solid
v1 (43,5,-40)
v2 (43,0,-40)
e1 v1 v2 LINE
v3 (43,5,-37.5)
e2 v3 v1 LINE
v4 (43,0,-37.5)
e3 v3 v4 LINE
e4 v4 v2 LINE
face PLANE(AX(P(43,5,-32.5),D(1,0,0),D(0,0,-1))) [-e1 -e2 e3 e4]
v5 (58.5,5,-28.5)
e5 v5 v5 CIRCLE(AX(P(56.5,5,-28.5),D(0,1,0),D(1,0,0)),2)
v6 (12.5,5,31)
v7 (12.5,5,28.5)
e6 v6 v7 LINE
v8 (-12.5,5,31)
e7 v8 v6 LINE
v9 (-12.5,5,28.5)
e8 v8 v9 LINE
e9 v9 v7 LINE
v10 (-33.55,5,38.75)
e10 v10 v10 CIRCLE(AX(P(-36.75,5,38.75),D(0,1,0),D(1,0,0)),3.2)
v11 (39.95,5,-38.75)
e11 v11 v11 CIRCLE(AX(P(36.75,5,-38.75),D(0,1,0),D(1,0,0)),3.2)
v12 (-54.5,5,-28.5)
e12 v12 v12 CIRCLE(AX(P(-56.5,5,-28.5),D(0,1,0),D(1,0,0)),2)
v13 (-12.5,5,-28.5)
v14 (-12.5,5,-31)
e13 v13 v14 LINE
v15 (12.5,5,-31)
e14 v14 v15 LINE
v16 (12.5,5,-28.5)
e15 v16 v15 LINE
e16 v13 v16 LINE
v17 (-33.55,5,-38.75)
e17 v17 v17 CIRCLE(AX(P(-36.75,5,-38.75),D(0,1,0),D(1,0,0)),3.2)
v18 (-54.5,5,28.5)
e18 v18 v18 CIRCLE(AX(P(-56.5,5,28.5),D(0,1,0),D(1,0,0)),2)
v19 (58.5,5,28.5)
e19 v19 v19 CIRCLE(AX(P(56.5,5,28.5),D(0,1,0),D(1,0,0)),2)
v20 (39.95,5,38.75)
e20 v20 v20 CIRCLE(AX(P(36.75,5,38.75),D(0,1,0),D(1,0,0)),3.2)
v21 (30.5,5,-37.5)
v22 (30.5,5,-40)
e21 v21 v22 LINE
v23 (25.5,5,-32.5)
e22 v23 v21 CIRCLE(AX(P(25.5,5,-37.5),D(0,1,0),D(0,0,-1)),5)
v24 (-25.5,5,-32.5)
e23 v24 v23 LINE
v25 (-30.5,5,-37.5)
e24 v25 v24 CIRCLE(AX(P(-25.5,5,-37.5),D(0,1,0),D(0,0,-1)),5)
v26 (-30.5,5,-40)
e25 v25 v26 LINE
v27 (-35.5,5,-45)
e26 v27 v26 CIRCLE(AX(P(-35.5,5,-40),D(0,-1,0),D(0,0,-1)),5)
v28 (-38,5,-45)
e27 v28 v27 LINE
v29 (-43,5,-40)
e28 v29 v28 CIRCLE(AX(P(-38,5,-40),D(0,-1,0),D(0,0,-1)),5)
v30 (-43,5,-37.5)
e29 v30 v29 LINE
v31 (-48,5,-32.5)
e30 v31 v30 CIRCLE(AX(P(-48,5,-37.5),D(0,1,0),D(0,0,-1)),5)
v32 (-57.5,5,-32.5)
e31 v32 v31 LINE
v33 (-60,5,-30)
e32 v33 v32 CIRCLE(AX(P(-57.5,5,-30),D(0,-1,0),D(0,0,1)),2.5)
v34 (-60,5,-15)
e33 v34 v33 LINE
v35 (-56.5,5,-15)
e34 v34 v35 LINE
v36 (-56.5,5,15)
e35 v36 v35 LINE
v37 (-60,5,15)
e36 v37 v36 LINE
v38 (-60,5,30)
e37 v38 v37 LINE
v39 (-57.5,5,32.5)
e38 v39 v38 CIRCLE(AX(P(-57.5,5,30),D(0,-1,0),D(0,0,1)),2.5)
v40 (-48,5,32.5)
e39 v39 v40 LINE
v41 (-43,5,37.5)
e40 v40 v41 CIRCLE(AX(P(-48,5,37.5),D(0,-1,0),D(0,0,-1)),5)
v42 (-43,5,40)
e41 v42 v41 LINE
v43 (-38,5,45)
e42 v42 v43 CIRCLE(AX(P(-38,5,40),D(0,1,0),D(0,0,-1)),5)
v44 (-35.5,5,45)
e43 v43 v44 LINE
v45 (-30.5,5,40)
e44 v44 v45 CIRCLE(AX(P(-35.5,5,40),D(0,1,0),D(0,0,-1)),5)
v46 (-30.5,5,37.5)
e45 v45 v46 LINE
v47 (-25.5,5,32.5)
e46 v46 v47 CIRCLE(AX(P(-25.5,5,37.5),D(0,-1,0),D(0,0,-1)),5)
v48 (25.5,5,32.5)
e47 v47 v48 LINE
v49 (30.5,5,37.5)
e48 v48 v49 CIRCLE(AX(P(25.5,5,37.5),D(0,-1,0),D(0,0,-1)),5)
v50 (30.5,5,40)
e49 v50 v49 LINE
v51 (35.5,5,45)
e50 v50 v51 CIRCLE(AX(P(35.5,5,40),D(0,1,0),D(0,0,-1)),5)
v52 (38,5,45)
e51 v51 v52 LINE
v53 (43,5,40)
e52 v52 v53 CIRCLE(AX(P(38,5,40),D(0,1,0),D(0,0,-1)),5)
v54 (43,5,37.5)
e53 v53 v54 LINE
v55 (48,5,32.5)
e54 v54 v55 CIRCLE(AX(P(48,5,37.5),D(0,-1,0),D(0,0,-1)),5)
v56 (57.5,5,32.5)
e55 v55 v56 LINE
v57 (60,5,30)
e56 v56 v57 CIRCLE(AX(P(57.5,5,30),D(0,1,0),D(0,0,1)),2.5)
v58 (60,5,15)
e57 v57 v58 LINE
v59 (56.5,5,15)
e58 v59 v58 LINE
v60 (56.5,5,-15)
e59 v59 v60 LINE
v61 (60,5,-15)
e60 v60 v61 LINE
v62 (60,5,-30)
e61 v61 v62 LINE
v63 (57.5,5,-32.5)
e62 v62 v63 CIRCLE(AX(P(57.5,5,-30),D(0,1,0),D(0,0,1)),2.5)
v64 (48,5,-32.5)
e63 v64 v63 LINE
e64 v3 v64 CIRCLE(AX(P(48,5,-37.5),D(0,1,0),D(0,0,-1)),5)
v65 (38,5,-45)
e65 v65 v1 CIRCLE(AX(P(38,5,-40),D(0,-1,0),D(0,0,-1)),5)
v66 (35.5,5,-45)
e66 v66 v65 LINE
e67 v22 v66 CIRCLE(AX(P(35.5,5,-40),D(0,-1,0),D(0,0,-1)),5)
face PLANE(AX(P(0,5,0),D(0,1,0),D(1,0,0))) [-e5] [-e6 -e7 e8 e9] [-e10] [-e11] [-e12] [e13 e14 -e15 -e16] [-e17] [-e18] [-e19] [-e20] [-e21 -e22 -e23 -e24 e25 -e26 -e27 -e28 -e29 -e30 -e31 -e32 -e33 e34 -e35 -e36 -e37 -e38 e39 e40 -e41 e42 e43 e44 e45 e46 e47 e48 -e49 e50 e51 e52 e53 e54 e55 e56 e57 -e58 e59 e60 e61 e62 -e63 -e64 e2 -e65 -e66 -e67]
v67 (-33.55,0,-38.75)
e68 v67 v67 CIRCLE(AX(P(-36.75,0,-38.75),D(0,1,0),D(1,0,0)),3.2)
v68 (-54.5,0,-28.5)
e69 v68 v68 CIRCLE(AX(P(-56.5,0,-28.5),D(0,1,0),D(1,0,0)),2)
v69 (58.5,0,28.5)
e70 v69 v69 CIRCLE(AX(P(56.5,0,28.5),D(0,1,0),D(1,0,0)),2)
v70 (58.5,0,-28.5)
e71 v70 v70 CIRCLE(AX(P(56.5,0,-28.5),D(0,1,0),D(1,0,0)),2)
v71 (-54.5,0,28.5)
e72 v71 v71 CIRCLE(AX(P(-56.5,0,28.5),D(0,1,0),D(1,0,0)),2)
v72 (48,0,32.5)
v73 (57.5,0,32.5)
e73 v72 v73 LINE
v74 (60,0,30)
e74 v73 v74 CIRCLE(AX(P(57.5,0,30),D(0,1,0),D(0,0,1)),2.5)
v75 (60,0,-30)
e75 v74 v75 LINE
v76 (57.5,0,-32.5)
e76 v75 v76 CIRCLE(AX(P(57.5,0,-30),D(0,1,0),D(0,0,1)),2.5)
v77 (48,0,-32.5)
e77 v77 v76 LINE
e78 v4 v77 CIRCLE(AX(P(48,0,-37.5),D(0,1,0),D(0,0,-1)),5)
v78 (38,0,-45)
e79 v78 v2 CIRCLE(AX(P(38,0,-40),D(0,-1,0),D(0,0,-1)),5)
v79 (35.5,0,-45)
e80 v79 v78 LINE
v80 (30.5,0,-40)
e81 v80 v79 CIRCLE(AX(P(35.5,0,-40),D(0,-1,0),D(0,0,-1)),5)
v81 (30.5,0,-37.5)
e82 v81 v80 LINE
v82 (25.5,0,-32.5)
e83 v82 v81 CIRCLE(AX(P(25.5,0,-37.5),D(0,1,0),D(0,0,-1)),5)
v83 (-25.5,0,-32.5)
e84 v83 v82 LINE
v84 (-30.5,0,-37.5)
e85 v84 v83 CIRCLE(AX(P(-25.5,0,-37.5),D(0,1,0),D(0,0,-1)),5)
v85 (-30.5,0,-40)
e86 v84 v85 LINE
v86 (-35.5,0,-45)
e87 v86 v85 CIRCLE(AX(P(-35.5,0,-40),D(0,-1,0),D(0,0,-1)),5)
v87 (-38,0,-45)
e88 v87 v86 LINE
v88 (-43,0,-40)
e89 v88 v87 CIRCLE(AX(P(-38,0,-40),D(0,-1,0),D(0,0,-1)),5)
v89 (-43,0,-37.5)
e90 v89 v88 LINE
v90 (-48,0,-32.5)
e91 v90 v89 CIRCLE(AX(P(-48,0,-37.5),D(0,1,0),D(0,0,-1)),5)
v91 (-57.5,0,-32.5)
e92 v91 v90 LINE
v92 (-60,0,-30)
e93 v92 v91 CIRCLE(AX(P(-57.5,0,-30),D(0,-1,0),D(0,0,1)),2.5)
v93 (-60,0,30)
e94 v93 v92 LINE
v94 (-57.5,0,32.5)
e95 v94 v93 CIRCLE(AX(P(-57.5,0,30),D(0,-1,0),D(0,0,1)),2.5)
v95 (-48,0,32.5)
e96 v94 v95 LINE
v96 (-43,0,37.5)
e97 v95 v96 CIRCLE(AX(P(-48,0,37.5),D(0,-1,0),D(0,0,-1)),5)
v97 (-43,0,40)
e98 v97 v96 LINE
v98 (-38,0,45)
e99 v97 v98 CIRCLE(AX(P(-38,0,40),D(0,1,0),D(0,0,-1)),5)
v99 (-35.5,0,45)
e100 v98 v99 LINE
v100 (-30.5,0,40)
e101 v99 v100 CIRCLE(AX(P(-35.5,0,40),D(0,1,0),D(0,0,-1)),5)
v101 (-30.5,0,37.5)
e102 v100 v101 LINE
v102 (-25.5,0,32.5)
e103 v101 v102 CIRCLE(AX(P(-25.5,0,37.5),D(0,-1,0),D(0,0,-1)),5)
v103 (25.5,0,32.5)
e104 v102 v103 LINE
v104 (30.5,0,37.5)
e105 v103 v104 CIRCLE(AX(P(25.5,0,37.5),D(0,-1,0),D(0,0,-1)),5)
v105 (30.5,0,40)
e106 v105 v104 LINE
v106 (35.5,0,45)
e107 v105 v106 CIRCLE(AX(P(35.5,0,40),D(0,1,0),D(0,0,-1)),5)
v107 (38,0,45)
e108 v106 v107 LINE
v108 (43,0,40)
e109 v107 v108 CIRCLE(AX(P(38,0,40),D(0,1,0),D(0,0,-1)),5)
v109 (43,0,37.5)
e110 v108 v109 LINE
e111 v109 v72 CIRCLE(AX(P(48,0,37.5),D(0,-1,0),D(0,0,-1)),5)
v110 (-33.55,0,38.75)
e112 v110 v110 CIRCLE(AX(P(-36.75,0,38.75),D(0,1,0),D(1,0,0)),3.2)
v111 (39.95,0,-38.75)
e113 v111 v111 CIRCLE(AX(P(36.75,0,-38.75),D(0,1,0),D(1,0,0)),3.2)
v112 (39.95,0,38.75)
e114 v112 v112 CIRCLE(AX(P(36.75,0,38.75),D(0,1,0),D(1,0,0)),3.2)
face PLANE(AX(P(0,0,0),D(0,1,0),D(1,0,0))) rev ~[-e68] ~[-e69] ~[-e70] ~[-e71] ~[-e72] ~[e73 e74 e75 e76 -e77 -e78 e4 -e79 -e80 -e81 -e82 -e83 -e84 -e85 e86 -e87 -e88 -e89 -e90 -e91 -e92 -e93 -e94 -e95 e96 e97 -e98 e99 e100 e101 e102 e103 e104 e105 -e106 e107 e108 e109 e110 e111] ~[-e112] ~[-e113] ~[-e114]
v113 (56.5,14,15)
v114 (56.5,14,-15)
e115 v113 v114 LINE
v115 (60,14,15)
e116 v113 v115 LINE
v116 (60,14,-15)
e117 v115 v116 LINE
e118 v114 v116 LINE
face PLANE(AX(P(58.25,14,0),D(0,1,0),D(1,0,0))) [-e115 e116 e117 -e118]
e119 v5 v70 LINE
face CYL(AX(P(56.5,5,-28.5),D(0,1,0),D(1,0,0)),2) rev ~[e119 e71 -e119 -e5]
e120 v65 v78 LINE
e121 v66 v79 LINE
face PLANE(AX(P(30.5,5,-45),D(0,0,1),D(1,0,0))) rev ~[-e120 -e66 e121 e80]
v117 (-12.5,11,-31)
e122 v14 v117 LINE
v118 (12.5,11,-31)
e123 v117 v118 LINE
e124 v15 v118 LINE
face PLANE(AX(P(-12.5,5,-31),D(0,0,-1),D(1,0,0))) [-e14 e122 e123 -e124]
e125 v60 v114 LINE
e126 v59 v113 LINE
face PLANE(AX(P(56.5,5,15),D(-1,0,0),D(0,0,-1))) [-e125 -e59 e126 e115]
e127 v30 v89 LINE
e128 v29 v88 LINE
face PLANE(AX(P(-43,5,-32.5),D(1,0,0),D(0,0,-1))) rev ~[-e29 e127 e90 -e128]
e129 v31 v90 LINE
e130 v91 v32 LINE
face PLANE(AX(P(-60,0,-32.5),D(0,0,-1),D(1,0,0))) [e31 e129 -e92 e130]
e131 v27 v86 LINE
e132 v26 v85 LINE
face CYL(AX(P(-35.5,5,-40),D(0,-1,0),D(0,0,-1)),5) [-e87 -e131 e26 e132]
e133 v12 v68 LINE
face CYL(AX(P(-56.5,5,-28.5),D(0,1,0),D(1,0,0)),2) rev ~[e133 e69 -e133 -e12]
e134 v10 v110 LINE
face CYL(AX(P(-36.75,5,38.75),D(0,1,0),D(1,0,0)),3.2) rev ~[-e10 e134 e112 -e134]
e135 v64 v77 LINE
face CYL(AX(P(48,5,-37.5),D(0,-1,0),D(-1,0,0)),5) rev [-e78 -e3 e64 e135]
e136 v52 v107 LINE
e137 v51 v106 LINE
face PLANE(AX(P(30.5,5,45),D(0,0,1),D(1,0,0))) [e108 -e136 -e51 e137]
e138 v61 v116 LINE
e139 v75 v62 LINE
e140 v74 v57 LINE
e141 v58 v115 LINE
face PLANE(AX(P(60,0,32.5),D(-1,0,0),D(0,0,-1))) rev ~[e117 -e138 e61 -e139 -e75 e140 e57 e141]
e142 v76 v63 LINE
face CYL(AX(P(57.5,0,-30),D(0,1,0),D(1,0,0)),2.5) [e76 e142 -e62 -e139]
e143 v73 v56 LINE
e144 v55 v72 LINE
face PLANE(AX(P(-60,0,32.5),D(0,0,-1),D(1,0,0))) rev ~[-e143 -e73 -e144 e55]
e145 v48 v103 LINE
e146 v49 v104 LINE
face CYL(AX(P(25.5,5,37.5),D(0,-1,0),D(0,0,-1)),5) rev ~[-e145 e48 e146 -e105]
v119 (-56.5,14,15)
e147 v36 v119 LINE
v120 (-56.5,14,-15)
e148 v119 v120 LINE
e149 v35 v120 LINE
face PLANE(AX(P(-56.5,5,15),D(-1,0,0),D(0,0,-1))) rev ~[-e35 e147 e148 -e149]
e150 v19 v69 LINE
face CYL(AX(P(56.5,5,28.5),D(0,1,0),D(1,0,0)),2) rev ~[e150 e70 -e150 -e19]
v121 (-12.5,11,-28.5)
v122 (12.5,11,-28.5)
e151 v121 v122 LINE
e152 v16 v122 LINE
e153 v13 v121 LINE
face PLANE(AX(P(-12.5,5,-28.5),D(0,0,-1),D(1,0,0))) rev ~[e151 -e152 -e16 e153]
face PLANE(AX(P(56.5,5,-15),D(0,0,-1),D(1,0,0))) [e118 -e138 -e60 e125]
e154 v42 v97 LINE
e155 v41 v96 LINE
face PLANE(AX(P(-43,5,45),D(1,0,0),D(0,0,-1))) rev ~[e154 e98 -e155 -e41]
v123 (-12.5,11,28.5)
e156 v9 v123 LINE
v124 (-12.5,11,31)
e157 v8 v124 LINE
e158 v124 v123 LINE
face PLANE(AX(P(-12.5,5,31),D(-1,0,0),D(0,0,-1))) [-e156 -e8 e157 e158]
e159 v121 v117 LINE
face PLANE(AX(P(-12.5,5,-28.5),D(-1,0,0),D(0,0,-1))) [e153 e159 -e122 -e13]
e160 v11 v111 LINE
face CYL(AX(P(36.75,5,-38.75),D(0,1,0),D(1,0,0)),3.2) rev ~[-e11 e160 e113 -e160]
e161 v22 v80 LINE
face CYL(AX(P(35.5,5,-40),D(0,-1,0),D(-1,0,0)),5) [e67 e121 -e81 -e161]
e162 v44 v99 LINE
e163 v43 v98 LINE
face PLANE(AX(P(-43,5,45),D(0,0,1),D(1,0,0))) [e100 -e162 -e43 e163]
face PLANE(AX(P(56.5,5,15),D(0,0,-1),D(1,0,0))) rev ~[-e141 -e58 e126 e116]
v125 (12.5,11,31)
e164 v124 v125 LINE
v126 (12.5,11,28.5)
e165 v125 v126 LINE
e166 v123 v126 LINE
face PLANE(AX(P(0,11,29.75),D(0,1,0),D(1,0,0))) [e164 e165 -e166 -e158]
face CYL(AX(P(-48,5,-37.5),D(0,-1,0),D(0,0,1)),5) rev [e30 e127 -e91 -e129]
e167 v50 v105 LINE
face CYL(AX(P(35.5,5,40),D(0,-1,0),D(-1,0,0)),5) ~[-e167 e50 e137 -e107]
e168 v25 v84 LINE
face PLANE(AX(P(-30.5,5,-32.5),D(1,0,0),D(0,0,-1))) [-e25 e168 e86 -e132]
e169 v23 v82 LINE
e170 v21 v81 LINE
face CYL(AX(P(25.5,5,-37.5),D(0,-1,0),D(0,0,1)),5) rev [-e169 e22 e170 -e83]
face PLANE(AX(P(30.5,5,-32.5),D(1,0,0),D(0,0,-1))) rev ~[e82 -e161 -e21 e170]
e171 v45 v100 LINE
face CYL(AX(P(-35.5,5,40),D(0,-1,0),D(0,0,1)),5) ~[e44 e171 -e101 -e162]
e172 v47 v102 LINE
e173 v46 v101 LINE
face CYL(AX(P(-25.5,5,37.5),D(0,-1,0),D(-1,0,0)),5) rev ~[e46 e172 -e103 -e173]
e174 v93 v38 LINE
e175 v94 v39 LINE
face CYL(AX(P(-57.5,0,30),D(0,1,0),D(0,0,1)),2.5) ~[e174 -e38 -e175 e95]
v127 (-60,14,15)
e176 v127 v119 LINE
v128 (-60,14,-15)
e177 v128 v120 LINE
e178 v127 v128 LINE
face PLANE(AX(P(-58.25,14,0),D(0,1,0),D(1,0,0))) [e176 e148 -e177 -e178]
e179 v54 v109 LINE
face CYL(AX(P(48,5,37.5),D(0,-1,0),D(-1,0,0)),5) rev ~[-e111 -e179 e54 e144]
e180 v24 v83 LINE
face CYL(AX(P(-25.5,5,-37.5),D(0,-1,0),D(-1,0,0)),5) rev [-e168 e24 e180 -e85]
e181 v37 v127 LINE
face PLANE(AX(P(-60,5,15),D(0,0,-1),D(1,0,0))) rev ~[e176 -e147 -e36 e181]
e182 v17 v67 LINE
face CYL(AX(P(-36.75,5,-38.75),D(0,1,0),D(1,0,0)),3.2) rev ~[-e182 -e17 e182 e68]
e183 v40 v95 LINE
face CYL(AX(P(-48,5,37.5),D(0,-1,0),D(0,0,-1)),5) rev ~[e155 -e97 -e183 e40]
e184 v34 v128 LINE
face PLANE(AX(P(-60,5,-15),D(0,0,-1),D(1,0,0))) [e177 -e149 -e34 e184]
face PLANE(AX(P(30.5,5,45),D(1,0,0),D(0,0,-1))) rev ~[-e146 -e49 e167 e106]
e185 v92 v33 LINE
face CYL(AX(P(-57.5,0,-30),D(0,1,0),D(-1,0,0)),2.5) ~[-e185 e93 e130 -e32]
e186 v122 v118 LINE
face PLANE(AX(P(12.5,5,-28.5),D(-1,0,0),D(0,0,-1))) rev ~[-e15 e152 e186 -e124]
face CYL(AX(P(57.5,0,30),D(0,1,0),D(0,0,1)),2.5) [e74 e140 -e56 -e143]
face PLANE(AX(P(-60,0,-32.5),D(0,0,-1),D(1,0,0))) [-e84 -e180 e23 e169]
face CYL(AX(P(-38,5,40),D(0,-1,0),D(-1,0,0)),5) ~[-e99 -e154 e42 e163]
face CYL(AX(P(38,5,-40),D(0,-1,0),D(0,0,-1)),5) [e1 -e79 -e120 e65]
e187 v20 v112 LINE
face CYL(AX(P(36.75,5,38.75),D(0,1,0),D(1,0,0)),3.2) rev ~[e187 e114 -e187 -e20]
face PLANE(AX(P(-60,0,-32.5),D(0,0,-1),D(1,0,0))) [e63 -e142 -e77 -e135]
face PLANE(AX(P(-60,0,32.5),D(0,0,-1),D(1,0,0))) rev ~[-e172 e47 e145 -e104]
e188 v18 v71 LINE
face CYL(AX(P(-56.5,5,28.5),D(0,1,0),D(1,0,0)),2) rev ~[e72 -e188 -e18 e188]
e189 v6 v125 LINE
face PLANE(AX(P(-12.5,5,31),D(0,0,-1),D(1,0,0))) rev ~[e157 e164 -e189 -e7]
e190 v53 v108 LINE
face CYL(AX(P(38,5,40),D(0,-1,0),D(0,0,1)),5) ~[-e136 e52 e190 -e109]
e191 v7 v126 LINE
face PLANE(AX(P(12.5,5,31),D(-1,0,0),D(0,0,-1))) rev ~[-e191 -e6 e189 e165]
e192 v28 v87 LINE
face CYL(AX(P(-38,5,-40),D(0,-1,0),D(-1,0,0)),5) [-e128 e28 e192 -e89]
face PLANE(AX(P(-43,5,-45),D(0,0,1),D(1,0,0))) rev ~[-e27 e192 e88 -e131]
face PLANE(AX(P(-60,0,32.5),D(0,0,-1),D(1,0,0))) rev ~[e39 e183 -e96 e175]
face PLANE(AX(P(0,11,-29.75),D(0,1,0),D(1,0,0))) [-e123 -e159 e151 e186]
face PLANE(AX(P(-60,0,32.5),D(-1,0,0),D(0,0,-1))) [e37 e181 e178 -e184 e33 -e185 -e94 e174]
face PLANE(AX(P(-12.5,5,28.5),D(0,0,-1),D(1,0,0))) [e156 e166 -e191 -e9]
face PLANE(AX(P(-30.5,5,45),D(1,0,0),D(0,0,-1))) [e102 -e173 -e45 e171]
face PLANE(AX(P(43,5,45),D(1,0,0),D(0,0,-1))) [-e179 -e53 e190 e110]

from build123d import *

# Parameters (mm, degrees)
SKETCH_1_W          = 120
SKETCH_1_H          = 65
EXTRUDE_1_DEPTH     = 5
SKETCH_2_W          = 12.5
SKETCH_2_H          = 12.5
EXTRUDE_2_DEPTH     = 5
SKETCH_3_R          = 3.2
CUT_EXTRUDE_1_DEPTH = 5
SKETCH_4_W          = 3.5
SKETCH_4_H          = 30
EXTRUDE_3_DEPTH     = 9
FILLET_1_R          = 5
FILLET_2_R          = 2.5
SKETCH_5_W          = 25
SKETCH_5_H          = 2.5
EXTRUDE_4_DEPTH     = 6
SKETCH_6_R          = 2
CUT_EXTRUDE_2_DEPTH = 10


with BuildPart() as part:
    # 草图1 → 凸台-拉伸1 (new body)
    with BuildSketch(Plane(origin=(0, 0, 0), x_dir=(1, 0, 0), z_dir=(0, 1, 0))):
        Rectangle(SKETCH_1_W, SKETCH_1_H)
    extrude(amount=EXTRUDE_1_DEPTH)

    # 草图2 → 凸台-拉伸2 (add)
    with BuildSketch(Plane(origin=(0, 5, 0), x_dir=(1, 0, 0), z_dir=(0, 1, 0))):
        with Locations((-36.75, 38.75)):
            Rectangle(SKETCH_2_W, SKETCH_2_H)
        with Locations((36.75, 38.75)):
            Rectangle(SKETCH_2_W, SKETCH_2_H)
        with Locations((36.75, -38.75)):
            Rectangle(SKETCH_2_W, SKETCH_2_H)
        with Locations((-36.75, -38.75)):
            Rectangle(SKETCH_2_W, SKETCH_2_H)
    extrude(amount=-EXTRUDE_2_DEPTH)

    # 草图3 → 切除-拉伸1 (cut)
    with BuildSketch(Plane(origin=(0, 5, 0), x_dir=(1, 0, 0), z_dir=(0, 1, 0))):
        with Locations((-36.75, 38.75)):
            Circle(SKETCH_3_R)
        with Locations((36.75, 38.75)):
            Circle(SKETCH_3_R)
        with Locations((36.75, -38.75)):
            Circle(SKETCH_3_R)
        with Locations((-36.75, -38.75)):
            Circle(SKETCH_3_R)
    extrude(amount=-CUT_EXTRUDE_1_DEPTH, mode=Mode.SUBTRACT)

    # 草图4 → 凸台-拉伸3 (add)
    with BuildSketch(Plane(origin=(0, 5, 0), x_dir=(1, 0, 0), z_dir=(0, 1, 0))):
        with Locations((-58.25, 0)):
            Rectangle(SKETCH_4_W, SKETCH_4_H)
        with Locations((58.25, 0)):
            Rectangle(SKETCH_4_W, SKETCH_4_H)
    extrude(amount=EXTRUDE_3_DEPTH)

    # 圆角1
    fillet_1_edges = [part.edges().sort_by_distance(p)[0] for p in [
        (-43, 2.5, -32.5),
        (-43, 2.5, -45),
        (-30.5, 2.5, -45),
        (-30.5, 2.5, -32.5),
        (43, 2.5, -32.5),
        (30.5, 2.5, -32.5),
        (30.5, 2.5, -45),
        (43, 2.5, -45),
        (30.5, 2.5, 32.5),
        (43, 2.5, 32.5),
        (43, 2.5, 45),
        (30.5, 2.5, 45),
        (-43, 2.5, 32.5),
        (-30.5, 2.5, 32.5),
        (-30.5, 2.5, 45),
        (-43, 2.5, 45),
    ]]
    fillet(fillet_1_edges, radius=FILLET_1_R)

    # 圆角2
    fillet_2_edges = [part.edges().sort_by_distance(p)[0] for p in [
        (60, 2.5, 32.5),
        (-60, 2.5, 32.5),
        (-60, 2.5, -32.5),
        (60, 2.5, -32.5),
    ]]
    fillet(fillet_2_edges, radius=FILLET_2_R)

    # 草图5 → 凸台-拉伸4 (add)
    with BuildSketch(Plane(origin=(0, 5, 0), x_dir=(1, 0, 0), z_dir=(0, 1, 0))):
        with Locations((0, 29.75)):
            Rectangle(SKETCH_5_W, SKETCH_5_H)
        with Locations((0, -29.75)):
            Rectangle(SKETCH_5_W, SKETCH_5_H)
    extrude(amount=EXTRUDE_4_DEPTH)

    # 草图6 → 切除-拉伸2 (cut)
    with BuildSketch(Plane(origin=(0, 5, 0), x_dir=(1, 0, 0), z_dir=(0, 1, 0))):
        with Locations((-56.5, 28.5)):
            Circle(SKETCH_6_R)
        with Locations((56.5, 28.5)):
            Circle(SKETCH_6_R)
        with Locations((56.5, -28.5)):
            Circle(SKETCH_6_R)
        with Locations((-56.5, -28.5)):
            Circle(SKETCH_6_R)
    extrude(amount=-CUT_EXTRUDE_2_DEPTH, mode=Mode.SUBTRACT)


solid = part.part
